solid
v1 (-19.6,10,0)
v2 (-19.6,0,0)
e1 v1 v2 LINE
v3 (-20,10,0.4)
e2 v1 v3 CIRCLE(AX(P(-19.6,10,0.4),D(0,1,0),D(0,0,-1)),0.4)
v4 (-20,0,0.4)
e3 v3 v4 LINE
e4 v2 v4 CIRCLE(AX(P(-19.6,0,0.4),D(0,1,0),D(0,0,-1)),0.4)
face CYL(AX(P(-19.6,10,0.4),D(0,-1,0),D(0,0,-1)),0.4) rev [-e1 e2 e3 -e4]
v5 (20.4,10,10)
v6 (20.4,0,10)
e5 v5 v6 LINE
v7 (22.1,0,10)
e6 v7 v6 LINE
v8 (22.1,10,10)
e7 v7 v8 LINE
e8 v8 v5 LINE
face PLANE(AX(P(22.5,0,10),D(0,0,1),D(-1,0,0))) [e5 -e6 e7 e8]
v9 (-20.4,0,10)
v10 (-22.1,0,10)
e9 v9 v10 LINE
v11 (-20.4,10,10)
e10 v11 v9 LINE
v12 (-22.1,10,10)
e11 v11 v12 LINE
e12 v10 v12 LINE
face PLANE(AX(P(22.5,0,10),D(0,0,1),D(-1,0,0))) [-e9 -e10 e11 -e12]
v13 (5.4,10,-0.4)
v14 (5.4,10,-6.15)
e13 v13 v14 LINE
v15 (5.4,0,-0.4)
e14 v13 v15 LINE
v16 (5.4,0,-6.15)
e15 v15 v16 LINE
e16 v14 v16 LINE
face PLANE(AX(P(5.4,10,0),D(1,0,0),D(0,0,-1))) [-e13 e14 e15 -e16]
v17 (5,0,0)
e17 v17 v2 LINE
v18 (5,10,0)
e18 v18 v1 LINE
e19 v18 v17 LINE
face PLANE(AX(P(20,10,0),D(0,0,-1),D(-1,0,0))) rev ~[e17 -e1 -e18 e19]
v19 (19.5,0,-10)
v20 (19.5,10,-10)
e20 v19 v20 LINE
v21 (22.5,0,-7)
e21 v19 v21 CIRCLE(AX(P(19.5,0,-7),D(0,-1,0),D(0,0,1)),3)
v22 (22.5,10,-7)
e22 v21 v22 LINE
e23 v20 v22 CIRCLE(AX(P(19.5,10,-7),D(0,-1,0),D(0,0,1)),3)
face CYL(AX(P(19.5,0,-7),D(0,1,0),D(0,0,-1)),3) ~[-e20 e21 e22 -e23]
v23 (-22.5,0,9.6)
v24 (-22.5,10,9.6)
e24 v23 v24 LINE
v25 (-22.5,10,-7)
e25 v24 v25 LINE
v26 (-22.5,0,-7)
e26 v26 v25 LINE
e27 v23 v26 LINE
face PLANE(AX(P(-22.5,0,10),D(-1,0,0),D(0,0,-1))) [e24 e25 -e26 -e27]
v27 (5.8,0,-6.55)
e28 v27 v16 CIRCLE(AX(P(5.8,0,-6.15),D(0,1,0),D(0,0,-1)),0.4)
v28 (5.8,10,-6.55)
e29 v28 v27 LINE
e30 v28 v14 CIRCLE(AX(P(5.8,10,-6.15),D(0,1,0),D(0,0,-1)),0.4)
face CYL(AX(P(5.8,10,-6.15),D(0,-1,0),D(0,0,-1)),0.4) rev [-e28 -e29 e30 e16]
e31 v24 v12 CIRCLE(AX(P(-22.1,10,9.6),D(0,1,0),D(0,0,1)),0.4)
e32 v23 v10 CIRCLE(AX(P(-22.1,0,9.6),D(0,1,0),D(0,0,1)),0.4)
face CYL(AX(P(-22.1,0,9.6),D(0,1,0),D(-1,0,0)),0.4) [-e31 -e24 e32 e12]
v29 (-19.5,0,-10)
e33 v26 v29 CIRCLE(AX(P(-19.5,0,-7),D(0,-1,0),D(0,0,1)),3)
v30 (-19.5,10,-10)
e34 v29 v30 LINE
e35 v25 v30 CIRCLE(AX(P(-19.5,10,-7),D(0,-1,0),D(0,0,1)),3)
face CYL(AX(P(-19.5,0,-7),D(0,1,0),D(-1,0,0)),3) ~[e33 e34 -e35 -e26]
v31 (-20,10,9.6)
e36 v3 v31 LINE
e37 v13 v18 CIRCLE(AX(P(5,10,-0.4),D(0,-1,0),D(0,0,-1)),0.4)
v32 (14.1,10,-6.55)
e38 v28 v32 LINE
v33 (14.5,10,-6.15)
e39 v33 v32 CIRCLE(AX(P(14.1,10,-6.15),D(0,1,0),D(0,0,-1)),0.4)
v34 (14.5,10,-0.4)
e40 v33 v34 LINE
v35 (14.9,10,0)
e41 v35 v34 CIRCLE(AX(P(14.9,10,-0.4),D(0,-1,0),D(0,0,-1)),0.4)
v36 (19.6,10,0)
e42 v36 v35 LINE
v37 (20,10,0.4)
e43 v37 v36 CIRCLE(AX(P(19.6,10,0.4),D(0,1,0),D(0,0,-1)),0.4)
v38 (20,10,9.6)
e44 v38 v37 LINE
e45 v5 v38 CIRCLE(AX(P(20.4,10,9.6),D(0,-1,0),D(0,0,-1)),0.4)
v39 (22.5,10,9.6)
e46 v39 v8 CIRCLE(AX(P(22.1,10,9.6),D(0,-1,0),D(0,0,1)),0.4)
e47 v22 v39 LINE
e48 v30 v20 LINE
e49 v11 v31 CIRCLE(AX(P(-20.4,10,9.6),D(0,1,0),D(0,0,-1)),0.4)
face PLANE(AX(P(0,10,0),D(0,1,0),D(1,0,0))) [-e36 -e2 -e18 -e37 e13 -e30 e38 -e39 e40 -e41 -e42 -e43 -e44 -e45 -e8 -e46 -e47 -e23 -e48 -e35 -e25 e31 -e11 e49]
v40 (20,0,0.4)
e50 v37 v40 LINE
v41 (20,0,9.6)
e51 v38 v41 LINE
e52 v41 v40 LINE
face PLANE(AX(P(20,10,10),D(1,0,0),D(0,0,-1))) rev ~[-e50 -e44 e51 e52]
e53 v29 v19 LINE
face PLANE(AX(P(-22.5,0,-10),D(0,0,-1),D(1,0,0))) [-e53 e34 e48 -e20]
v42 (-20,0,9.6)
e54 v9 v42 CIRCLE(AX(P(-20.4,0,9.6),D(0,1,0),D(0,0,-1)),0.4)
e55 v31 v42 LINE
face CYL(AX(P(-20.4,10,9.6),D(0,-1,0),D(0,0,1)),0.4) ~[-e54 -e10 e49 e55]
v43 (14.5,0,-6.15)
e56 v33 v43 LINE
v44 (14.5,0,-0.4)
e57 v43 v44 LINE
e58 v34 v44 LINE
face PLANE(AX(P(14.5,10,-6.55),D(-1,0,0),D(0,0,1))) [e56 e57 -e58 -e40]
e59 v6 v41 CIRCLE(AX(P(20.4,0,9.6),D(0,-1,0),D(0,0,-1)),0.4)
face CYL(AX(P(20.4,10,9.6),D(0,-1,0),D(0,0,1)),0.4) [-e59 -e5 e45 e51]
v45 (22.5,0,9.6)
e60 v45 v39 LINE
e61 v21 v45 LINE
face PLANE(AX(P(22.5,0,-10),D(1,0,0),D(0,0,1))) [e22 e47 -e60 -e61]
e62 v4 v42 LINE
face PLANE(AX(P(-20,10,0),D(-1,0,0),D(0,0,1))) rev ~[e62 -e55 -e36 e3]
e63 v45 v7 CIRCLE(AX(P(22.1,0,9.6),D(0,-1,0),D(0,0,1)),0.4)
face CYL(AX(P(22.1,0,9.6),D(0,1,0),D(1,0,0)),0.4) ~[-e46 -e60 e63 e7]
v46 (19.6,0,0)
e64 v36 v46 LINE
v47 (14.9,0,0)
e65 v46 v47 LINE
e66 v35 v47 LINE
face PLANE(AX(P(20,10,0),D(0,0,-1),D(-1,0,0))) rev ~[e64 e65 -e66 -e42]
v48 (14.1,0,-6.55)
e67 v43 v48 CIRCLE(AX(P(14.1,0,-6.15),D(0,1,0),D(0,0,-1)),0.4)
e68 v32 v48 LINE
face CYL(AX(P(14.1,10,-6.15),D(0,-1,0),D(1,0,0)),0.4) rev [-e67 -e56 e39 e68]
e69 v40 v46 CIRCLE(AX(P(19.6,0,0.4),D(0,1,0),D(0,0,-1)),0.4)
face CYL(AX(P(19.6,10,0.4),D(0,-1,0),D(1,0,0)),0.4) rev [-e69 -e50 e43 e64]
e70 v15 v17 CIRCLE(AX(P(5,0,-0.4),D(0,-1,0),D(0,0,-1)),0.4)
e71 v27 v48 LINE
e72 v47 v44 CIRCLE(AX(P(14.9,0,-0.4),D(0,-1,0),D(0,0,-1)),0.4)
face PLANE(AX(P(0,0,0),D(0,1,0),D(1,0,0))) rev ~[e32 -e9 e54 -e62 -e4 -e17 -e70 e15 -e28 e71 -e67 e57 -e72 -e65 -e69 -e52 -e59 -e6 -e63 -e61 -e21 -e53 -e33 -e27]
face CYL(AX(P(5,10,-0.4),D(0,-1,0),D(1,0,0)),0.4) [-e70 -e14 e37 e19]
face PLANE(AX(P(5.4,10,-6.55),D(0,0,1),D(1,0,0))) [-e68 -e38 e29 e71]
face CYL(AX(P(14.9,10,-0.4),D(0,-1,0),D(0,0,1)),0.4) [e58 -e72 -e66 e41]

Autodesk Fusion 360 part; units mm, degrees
sketch "Sketch1" plane through (0, 0, 0) normal (0, 1, 0) x (1, 0, 0)
  line L0 (-22.5, 10) -> (22.5, 10)
  line L1 (22.5, 10) -> (22.5, -10)
  line L2 (22.5, -10) -> (-22.5, -10)
  line L3 (-22.5, -10) -> (-22.5, 10)
  line L4 (-22.5, 10) -> (22.5, -10) construction
  line L5 (22.5, 10) -> (-22.5, -10) construction
  dimension "d1" = 45
  dimension "d2" = 20
extrude "Extrude1" add sketch "Sketch1" along normal blind 10
sketch "Sketch2" plane through (0, 10, 0) normal (0, 1, 0) x (-1, 0, 0)
  line L0 (22.5, 10) -> (-22.5, 10)
  line L1 (-22.5, 10) -> (-22.5, -10)
  line L2 (-22.5, -10) -> (22.5, -10)
  line L3 (22.5, -10) -> (22.5, 10)
  line L4 (20, 10) -> (-20, 10)
  line L5 (-20, 10) -> (-20, 0)
  line L6 (-20, 0) -> (20, 0)
  line L7 (20, 0) -> (20, 10)
  dimension "d5" = 40
  dimension "d6" = 10
  dimension "d7" = 2.5
extrude "Extrude2" cut sketch "Sketch2" against normal through all contours L0 L4 L5 L6 L7
sketch "Sketch3" plane through (0, 10, 0) normal (0, 1, 0) x (-1, 0, 0)
  line L0 (20, 10) -> (20, 0)
  line L1 (20, 0) -> (-20, 0)
  line L2 (-20, 0) -> (-20, 10)
  line L3 (-20, 10) -> (-22.5, 10)
  line L4 (-22.5, 10) -> (-22.5, -10)
  line L5 (-22.5, -10) -> (22.5, -10)
  line L6 (22.5, -10) -> (22.5, 10)
  line L7 (22.5, 10) -> (20, 10)
  line L8 (-14.5, 0) -> (-5.4, 0)
  line L9 (-5.4, 0) -> (-5.4, -6.55)
  line L10 (-5.4, -6.55) -> (-14.5, -6.55)
  line L11 (-14.5, -6.55) -> (-14.5, 0)
  dimension "d9" = 9.1
  dimension "d12" = 6.55
  dimension "d13" = 5.5
extrude "Extrude3" cut sketch "Sketch3" against normal through all contours L1 L8 L9 L10 L11
fillet "Fillet1" radius 0.4 10 edges at (-20, 5, 10) (-20, 5, 0) (5.4, 5, 0) (5.4, 5, -6.55) (14.5, 5, -6.55) (14.5, 5, 0) (20, 5, 0) (20, 5, 10) (-22.5, 5, 10) (22.5, 5, 10)
fillet "Fillet2" radius 3 2 edges at (-22.5, 5, -10) (22.5, 5, -10)
